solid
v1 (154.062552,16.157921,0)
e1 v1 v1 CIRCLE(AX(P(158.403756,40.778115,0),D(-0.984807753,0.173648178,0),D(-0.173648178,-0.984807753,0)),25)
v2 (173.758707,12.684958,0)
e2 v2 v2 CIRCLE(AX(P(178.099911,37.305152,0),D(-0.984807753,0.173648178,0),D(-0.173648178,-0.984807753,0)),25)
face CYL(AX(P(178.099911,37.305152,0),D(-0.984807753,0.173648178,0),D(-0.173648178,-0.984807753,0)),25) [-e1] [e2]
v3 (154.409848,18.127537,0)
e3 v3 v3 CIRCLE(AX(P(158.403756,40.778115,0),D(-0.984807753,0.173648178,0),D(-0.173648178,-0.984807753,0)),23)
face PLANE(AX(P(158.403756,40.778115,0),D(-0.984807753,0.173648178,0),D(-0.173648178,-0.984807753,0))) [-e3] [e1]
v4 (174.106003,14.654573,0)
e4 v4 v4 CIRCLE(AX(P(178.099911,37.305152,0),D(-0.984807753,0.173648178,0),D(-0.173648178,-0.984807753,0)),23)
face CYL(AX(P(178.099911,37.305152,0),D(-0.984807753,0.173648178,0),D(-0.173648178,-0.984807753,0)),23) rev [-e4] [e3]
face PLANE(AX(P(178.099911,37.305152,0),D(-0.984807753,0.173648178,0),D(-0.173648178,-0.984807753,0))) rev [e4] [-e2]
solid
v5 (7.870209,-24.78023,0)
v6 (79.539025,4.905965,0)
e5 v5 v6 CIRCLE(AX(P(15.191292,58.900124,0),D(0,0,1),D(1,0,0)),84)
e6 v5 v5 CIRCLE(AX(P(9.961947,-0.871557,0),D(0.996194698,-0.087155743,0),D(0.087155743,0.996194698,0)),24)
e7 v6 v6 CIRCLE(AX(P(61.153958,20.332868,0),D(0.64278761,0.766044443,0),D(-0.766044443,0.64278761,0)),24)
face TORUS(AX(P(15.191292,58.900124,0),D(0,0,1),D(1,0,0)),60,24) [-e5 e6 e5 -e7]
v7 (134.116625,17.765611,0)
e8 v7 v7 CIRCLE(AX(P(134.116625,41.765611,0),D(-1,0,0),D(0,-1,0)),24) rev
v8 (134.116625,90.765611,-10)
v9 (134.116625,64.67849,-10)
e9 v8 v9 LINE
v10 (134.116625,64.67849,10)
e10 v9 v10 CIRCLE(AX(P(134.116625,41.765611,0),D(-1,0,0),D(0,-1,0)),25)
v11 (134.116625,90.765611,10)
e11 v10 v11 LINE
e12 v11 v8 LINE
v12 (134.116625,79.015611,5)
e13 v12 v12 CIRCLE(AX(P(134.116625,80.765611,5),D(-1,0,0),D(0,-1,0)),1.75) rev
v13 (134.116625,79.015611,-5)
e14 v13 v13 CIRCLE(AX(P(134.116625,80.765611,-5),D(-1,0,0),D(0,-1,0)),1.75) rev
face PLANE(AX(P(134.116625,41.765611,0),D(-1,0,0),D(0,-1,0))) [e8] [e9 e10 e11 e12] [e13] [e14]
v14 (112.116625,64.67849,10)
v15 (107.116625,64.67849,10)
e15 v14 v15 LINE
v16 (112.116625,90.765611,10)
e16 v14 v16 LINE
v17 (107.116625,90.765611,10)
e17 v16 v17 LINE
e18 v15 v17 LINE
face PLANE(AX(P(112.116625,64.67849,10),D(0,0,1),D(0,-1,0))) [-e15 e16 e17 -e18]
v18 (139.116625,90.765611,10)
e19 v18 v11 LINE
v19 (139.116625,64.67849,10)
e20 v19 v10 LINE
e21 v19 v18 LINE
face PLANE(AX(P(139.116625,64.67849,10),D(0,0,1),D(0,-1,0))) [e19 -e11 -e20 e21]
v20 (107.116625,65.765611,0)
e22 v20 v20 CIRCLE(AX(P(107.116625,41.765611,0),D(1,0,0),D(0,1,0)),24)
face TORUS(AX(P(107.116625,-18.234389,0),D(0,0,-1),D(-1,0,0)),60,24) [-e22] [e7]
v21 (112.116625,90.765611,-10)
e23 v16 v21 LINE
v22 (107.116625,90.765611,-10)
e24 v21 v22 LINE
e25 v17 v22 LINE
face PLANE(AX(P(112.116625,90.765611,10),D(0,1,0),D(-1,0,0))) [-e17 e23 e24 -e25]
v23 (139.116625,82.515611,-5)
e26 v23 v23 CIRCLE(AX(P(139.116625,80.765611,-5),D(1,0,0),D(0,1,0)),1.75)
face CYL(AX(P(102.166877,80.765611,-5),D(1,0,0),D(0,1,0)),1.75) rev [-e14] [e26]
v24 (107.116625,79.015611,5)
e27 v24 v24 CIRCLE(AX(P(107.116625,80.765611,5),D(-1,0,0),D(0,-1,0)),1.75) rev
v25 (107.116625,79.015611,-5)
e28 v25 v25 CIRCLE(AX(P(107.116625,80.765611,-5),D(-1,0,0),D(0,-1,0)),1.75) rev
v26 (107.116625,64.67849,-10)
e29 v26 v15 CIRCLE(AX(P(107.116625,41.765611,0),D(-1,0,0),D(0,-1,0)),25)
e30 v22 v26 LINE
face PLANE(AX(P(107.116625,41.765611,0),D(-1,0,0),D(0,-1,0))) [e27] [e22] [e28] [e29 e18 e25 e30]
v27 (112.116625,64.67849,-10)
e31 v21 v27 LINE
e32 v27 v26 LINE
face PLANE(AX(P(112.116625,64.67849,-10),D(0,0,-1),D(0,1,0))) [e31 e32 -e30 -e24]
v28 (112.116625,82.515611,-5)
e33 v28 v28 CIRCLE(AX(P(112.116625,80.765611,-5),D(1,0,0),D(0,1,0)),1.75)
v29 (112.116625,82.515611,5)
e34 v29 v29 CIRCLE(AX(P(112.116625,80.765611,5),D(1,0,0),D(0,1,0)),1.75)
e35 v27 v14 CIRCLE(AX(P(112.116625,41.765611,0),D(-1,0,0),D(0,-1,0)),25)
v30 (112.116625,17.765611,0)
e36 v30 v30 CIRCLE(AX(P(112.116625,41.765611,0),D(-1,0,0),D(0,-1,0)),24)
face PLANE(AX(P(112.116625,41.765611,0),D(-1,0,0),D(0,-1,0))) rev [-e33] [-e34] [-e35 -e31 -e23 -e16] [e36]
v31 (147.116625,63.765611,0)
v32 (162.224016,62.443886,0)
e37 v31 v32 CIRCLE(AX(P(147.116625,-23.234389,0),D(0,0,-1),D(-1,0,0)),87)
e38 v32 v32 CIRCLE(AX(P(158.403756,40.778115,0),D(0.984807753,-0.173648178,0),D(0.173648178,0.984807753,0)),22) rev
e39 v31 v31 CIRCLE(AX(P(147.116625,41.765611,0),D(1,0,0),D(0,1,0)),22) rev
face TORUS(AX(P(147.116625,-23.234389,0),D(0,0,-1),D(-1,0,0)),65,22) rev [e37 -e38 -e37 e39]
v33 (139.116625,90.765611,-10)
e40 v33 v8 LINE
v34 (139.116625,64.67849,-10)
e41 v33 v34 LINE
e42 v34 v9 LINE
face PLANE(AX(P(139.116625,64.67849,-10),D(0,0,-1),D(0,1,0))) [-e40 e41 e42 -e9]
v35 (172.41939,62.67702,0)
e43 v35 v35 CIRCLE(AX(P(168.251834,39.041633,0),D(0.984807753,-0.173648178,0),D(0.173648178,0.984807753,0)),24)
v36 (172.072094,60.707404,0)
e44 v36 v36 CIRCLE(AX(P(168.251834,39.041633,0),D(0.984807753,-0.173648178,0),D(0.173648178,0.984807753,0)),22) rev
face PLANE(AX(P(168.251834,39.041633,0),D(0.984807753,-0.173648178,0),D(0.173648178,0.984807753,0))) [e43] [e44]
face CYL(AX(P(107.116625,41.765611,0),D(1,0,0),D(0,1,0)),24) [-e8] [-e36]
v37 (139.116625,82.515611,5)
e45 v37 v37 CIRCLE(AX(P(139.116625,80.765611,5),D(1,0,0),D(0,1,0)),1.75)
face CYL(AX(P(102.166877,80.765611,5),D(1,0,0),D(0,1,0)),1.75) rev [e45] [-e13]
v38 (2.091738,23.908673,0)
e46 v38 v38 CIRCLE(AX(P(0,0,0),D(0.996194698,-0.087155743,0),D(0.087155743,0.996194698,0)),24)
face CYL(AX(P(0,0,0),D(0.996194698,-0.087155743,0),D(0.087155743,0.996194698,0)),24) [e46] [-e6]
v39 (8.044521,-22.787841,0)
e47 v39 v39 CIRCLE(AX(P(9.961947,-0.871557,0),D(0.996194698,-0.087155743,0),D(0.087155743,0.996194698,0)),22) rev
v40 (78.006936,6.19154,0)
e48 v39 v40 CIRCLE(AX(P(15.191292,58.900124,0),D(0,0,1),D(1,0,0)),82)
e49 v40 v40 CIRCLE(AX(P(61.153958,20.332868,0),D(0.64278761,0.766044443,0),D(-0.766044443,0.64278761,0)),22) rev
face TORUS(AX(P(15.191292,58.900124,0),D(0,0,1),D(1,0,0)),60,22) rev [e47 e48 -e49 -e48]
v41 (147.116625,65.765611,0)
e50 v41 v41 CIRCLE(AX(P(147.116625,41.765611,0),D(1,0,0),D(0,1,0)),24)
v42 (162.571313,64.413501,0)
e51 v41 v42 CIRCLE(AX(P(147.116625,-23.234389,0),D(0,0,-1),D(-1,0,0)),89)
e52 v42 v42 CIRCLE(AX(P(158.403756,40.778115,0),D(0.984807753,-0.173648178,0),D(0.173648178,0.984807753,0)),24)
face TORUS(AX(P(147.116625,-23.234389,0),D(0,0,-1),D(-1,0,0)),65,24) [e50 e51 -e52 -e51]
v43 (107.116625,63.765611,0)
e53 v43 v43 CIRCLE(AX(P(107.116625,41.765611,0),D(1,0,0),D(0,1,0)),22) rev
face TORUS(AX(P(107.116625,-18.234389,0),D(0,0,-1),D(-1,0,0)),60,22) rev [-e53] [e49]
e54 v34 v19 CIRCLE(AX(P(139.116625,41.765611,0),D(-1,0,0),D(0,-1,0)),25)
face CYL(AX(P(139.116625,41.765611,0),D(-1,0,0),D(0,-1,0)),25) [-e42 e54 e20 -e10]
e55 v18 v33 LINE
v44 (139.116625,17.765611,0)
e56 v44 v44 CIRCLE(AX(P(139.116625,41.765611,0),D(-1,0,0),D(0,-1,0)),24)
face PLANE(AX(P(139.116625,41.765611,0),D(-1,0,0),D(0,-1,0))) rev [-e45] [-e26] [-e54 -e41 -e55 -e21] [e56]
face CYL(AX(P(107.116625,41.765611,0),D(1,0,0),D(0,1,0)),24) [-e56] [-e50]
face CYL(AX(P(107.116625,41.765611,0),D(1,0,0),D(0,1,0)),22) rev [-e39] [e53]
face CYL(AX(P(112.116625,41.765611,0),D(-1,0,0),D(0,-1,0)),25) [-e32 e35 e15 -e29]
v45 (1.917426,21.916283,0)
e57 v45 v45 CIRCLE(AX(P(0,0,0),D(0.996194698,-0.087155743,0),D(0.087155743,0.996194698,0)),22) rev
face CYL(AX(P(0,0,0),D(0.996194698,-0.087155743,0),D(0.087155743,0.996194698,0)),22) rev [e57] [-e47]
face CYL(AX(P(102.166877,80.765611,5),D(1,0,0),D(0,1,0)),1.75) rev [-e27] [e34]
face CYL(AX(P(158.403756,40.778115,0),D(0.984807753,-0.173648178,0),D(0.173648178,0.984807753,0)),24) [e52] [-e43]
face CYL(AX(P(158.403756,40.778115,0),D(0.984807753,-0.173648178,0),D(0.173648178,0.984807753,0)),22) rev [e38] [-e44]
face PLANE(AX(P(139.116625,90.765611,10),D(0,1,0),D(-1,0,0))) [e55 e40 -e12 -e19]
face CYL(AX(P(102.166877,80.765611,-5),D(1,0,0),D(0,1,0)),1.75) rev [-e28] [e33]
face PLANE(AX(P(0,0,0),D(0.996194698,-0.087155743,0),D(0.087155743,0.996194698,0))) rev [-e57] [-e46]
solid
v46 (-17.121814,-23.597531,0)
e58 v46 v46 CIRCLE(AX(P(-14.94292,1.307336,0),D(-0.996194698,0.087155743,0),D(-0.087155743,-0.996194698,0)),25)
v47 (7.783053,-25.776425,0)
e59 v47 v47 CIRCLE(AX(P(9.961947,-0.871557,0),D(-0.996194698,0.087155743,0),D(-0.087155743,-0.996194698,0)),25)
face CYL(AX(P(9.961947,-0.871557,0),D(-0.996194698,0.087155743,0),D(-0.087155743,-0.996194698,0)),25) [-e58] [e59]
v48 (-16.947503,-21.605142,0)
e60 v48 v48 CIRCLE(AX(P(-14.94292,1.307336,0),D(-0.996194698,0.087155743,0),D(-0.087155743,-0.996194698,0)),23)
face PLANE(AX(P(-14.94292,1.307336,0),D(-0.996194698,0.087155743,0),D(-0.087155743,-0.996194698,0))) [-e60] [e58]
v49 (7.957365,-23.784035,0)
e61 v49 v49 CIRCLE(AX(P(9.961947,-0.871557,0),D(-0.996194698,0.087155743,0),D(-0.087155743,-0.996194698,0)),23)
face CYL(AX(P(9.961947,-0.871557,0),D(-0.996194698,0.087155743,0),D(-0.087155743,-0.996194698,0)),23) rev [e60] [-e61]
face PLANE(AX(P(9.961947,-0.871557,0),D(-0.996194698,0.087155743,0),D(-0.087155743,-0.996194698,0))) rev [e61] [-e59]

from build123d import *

# Parameters (mm, degrees)
SKETCH_1_R             = 24
SKETCH_1_R_2           = 22
EXTRUDE_1_DEPTH        = 15
EXTRUDE_1_DEPTH_BACK   = 10
SKETCH_3_R             = 25
SKETCH_3_R_2           = 23
EXTRUDE_2_DEPTH        = 10
EXTRUDE_2_DEPTH_BACK   = 10
SKETCH_4_R             = 25
SKETCH_4_R_2           = 23
EXTRUDE_START          = -5
SKETCH_12_R            = 24
EXTRUDE_4_DEPTH        = 5
SKETCH_16_R            = 1.75
CUT_EXTRUDE_1_DEPTH    = 5
PATTERN_LINEAR_1_COUNT = 2
PATTERN_LINEAR_1_PITCH = 27


with BuildPart() as part:
    # 扫描1: sweep along a path in 草图2
    with BuildLine(Plane.XY) as sweep_1_path:
        Line((0, 0), (9.961946981, -0.871557427))
        ThreePointArc((9.961946981, -0.871557427), (38.152297488, 3.467352507), (61.153958133, 20.332867877))
        ThreePointArc((61.153958133, 20.332867877), (81.759529016, 36.144078518), (107.11662472, 41.765611296))
        Line((107.11662472, 41.765611296), (147.11662472, 41.765611296))
        ThreePointArc((147.11662472, 41.765611296), (152.781747999, 41.518266672), (158.403756268, 40.778115241))
        Line((158.403756268, 40.778115241), (168.251833799, 39.041633465))
    # 草图1 → 扫描1 (sweep)
    with BuildSketch(Plane(origin=(0, 0, 0), x_dir=(-0.08715574274765836, -0.9961946980917455, 0), z_dir=(0.9961946980917455, -0.08715574274765836, 0))):
        Circle(SKETCH_1_R)
        Circle(SKETCH_1_R_2, mode=Mode.SUBTRACT)
    sweep(path=sweep_1_path.line)

    # 草图12 → 凸台-拉伸4 (add)
    with BuildSketch(Plane(origin=(107.11662472, 0, -146.45089194), x_dir=(0, 0, 1), z_dir=(-1, 0, 0)).offset(EXTRUDE_START)):
        with BuildLine():
            Line((136.45089194, 64.67848977), (136.45089194, 90.765611296))
            Line((136.45089194, 90.765611296), (156.45089194, 90.765611296))
            Line((156.45089194, 90.765611296), (156.45089194, 64.67848977))
            ThreePointArc((156.45089194, 64.67848977), (146.45089194, 16.765611296), (136.45089194, 64.67848977))
        make_face()
        with Locations(Location((146.45089194, 41.765611296, 0), (0, 0, 90))):
            Circle(SKETCH_12_R, mode=Mode.SUBTRACT)
    extrude_4 = extrude(amount=EXTRUDE_4_DEPTH)

    # 草图16 → 切除-拉伸1 (cut)
    with BuildSketch(Plane(origin=(112.11662472, 0, 0), x_dir=(0, 0, -1), z_dir=(1, 0, 0))):
        with Locations(Location((-5, 80.765611296, 0), (0, 0, 90))):
            Circle(SKETCH_16_R)
        with Locations(Location((5, 80.765611296, 0), (0, 0, 90))):
            Circle(SKETCH_16_R)
    cut_extrude_1 = extrude(amount=-CUT_EXTRUDE_1_DEPTH, mode=Mode.SUBTRACT)

    # 阵列(线性)1: 凸台-拉伸4, 切除-拉伸1 ×2
    with Locations(*[(i * PATTERN_LINEAR_1_PITCH, 0, 0) for i in range(1, PATTERN_LINEAR_1_COUNT)]):
        add(extrude_4)
        add(cut_extrude_1, mode=Mode.SUBTRACT)


with BuildPart() as body_2:
    # 草图3 → 凸台-拉伸1 (new, two sides: drawn at the far end of the back side and taken through both)
    with BuildSketch(Plane(origin=(0, 0, 0), x_dir=(-0.08715574274765837, -0.9961946980917457, 0), z_dir=(-0.9961946980917457, 0.08715574274765837, 0)).offset(-EXTRUDE_1_DEPTH_BACK)):
        Circle(SKETCH_3_R)
        Circle(SKETCH_3_R_2, mode=Mode.SUBTRACT)
    extrude(amount=EXTRUDE_1_DEPTH + EXTRUDE_1_DEPTH_BACK)


with BuildPart() as body_3:
    # 草图4 → 凸台-拉伸2 (new, two sides: drawn at the far end of the back side and taken through both)
    with BuildSketch(Plane(origin=(156.50190769, -27.595508858, 0), x_dir=(0.17364817766692361, 0.9848077530122092, 0), z_dir=(-0.9848077530122092, 0.17364817766692361, 0)).offset(-EXTRUDE_2_DEPTH_BACK)):
        with Locations(Location((67.665127655, 0, 0), (0, 0, 180))):
            Circle(SKETCH_4_R)
        with Locations(Location((67.665127655, 0, 0), (0, 0, 180))):
            Circle(SKETCH_4_R_2, mode=Mode.SUBTRACT)
    extrude(amount=EXTRUDE_2_DEPTH + EXTRUDE_2_DEPTH_BACK)


solid = Compound([part.part, body_2.part, body_3.part])
